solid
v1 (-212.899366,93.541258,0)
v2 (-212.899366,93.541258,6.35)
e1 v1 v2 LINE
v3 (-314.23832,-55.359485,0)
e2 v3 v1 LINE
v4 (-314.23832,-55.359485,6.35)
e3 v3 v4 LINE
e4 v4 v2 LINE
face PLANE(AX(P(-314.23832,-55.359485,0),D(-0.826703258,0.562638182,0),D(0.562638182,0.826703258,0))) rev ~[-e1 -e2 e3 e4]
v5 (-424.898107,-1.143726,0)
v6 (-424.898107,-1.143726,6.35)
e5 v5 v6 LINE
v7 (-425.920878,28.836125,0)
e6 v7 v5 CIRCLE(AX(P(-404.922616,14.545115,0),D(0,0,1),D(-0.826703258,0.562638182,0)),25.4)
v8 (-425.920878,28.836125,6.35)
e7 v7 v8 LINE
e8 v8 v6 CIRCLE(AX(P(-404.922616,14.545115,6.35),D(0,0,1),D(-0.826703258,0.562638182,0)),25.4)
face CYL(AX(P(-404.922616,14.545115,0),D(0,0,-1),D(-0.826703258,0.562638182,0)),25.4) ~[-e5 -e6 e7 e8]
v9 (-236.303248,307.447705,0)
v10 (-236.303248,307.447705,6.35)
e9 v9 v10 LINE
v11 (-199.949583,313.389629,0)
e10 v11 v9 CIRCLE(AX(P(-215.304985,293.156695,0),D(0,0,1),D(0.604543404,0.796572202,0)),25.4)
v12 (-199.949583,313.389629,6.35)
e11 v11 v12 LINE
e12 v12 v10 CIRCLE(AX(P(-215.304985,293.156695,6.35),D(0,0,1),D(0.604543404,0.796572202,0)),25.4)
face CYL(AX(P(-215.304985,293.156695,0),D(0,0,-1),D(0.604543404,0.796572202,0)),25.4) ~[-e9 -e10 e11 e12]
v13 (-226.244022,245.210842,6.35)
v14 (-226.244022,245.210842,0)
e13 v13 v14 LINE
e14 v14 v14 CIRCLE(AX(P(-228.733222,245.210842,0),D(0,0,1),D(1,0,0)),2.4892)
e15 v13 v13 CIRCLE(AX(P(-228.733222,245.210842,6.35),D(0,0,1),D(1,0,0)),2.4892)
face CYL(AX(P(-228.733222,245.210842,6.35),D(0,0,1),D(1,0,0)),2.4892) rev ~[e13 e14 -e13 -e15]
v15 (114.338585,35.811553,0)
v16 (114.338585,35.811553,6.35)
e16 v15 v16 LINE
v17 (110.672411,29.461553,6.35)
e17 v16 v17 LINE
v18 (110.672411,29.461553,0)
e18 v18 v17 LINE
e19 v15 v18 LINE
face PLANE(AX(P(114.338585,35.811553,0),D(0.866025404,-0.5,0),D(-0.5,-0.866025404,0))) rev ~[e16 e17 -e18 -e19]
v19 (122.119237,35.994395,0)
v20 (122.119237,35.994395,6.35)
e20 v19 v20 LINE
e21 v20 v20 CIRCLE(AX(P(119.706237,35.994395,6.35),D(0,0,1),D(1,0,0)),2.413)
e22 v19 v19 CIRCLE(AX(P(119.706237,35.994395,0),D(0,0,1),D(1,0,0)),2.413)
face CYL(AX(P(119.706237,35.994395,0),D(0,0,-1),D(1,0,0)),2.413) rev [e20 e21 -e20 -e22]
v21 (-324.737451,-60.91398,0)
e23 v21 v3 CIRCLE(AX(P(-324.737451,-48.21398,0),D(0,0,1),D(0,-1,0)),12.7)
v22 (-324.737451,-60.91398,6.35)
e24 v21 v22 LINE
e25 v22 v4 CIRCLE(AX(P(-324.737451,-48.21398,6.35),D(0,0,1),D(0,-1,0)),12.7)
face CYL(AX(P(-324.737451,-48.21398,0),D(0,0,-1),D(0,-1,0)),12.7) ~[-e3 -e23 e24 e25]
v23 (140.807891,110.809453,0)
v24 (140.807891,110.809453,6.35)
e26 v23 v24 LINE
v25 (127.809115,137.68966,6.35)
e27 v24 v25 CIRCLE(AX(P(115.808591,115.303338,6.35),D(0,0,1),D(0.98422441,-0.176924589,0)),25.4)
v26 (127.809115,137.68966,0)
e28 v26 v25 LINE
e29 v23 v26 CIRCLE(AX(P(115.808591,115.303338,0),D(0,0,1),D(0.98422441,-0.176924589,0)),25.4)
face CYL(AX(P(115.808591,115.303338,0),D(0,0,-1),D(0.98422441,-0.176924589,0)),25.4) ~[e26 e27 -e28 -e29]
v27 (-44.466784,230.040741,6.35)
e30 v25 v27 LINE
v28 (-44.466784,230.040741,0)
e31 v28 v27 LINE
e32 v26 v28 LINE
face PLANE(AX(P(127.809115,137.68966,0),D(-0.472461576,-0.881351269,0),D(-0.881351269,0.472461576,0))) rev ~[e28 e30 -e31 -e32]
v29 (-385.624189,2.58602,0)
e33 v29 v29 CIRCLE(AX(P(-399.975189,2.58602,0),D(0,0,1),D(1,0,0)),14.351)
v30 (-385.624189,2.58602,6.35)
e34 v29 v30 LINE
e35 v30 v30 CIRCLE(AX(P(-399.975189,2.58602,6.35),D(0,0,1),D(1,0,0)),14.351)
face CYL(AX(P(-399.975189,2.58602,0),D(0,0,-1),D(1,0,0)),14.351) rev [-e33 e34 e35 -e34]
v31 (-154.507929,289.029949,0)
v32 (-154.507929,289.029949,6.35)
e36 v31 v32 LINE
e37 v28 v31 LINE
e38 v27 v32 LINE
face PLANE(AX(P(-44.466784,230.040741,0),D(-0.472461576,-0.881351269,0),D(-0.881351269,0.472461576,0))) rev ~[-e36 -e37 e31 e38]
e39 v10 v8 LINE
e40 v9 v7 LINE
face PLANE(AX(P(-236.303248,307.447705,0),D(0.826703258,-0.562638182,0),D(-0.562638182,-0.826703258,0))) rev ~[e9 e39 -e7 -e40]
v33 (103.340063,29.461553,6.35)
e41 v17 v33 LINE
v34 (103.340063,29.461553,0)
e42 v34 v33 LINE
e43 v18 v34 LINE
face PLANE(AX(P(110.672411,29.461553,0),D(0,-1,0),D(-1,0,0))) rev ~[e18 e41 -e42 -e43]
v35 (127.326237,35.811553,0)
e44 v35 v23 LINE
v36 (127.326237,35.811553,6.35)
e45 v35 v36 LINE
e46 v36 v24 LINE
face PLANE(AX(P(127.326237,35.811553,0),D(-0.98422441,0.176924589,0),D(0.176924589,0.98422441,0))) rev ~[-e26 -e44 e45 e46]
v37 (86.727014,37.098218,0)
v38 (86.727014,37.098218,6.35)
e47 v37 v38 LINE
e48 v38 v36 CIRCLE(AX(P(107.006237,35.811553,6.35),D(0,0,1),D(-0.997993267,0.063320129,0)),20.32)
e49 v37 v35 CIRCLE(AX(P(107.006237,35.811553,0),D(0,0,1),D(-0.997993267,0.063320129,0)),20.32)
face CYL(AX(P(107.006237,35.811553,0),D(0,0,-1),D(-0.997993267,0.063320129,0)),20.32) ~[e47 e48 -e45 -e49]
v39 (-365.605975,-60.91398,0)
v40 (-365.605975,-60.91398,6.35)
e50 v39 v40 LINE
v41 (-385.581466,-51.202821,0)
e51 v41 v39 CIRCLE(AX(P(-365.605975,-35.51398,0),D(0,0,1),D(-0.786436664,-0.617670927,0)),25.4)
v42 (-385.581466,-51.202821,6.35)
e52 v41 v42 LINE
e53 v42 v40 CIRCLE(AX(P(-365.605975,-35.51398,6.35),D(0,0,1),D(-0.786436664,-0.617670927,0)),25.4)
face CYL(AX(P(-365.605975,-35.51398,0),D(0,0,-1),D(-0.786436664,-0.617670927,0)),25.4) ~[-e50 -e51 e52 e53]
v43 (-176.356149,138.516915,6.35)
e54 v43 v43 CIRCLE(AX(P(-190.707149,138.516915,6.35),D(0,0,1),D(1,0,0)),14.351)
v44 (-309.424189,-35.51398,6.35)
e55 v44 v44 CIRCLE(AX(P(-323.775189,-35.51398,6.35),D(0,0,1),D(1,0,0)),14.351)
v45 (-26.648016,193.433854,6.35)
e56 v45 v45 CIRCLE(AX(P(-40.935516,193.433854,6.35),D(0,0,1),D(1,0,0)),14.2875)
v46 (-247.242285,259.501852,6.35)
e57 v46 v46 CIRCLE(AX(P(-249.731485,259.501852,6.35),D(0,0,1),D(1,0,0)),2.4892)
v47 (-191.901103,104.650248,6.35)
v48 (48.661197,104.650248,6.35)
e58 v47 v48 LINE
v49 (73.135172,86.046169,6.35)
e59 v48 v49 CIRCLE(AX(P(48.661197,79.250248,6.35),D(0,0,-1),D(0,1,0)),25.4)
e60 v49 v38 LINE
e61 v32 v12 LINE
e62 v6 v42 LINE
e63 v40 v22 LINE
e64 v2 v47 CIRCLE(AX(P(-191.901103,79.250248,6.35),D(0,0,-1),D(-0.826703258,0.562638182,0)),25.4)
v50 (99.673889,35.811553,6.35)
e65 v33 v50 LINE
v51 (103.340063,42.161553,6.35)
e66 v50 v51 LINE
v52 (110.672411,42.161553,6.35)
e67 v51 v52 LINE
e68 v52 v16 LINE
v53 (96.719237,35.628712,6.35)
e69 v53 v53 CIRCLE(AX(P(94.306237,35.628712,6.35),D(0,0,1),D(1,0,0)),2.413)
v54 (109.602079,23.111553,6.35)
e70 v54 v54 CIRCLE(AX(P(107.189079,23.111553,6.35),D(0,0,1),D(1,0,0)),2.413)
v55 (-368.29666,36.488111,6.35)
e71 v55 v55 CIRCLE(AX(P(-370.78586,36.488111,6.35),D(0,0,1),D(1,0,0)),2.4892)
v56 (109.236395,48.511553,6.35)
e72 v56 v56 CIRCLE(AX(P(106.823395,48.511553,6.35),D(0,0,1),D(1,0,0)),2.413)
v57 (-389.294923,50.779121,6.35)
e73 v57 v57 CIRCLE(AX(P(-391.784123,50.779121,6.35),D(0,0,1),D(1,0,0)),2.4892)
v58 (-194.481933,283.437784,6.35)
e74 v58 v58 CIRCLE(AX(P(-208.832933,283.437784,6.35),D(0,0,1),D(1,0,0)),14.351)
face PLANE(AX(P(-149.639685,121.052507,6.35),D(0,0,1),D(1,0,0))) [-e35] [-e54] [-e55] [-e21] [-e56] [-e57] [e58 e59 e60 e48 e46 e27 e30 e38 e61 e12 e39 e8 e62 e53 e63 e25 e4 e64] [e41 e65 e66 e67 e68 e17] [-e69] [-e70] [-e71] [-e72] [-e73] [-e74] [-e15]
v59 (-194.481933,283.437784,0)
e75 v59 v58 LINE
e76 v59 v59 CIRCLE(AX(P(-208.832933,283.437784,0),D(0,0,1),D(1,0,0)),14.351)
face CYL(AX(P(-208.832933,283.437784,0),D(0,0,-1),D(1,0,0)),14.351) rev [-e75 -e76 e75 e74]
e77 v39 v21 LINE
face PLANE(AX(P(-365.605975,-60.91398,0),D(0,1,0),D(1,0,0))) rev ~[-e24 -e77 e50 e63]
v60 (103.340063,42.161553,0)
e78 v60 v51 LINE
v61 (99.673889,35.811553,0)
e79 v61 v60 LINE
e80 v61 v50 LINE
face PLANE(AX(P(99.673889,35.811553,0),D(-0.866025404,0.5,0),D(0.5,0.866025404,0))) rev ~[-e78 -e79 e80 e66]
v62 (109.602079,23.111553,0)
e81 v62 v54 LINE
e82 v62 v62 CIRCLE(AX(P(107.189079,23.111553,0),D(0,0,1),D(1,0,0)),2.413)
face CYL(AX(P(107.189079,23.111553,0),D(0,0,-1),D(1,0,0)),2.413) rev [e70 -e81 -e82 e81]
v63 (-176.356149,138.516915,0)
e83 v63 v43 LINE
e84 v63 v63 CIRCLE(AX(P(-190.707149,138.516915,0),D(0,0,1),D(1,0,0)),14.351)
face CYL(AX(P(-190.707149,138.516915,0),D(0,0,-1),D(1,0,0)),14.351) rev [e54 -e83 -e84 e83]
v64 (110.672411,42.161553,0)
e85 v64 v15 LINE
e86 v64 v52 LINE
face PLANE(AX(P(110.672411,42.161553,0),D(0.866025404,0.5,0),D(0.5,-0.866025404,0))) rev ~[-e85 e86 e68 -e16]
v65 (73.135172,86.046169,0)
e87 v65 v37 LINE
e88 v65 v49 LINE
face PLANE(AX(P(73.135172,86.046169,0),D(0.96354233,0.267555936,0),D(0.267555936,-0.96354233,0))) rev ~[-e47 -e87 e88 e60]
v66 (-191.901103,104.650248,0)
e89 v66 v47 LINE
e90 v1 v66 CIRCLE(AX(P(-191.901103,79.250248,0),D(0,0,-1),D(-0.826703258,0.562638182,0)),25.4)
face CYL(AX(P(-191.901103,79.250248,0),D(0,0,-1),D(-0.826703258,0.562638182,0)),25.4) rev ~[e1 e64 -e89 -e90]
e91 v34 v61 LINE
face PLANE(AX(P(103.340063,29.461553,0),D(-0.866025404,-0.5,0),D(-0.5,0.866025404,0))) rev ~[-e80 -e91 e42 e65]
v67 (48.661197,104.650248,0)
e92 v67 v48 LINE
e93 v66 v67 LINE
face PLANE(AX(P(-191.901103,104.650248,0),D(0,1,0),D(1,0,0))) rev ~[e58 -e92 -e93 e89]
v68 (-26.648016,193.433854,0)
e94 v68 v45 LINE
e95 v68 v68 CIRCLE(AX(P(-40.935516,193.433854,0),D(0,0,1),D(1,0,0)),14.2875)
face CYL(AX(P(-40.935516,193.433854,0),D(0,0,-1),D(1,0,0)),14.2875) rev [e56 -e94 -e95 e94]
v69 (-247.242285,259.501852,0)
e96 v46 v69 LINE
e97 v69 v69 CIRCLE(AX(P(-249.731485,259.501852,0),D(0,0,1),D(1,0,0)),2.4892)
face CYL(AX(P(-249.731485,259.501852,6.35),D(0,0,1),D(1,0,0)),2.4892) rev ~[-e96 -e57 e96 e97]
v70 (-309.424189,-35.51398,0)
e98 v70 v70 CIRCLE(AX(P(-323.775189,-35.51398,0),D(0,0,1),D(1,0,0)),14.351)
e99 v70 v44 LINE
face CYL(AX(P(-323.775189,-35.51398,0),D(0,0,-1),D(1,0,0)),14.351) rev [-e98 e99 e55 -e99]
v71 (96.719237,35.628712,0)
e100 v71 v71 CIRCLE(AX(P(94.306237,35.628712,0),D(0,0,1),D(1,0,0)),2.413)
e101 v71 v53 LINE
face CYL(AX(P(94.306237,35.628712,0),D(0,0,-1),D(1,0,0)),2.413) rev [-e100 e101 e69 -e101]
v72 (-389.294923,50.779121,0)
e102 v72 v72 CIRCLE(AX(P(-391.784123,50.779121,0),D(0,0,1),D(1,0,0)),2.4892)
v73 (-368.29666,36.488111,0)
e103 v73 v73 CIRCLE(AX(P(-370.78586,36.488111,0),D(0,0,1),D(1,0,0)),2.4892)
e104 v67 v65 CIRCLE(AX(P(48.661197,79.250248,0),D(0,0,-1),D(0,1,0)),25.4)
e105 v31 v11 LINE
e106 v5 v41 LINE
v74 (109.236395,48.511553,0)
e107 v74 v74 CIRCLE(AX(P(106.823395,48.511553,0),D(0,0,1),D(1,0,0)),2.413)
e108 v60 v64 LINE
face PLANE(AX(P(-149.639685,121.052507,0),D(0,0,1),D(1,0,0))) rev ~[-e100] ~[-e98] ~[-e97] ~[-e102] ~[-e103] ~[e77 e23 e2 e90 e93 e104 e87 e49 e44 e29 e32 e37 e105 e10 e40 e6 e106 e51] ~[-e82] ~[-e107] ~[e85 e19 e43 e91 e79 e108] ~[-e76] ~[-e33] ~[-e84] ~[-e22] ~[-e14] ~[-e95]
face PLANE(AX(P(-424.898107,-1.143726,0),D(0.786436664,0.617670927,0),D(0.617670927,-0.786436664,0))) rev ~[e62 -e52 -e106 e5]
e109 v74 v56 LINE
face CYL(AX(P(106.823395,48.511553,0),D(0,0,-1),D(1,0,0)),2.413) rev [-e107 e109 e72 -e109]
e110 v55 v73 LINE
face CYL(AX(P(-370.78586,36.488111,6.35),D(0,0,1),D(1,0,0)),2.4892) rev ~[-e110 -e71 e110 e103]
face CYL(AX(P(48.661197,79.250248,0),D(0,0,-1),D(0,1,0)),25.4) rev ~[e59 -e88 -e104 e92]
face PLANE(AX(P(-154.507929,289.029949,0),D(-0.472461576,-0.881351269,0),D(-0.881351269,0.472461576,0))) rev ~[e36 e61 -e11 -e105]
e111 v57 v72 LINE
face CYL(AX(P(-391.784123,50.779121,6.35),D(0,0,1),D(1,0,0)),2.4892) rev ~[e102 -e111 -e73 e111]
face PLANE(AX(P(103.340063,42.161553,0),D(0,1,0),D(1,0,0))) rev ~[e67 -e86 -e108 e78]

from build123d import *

# Parameters (mm, degrees)
MODEL_R             = 14.351
MODEL_R_2           = 2.413
MODEL_R_3           = 14.2875
BOSS_EXTRUDE1_DEPTH = 6.35
CUT_EXTRUDE1_REACH  = 8.35
SKETCH35_R          = 2.4892


with BuildPart() as part:
    # Model → Boss-Extrude1 (new body)
    with BuildSketch(Plane.XY):
        with BuildLine():
            ThreePointArc((-212.899365952, 93.541257838), (-203.778989185, 101.701881024), (-191.901103209, 104.650248016))
            Line((-191.901103209, 104.650248016), (48.661197018, 104.650248016))
            ThreePointArc((48.661197018, 104.650248016), (64.032332507, 99.471232012), (73.135172194, 86.046168785))
            Line((73.135172194, 86.046168785), (86.727013732, 37.098218434))
            ThreePointArc((86.727013732, 37.098218434), (106.36258142, 15.501750179), (127.326236921, 35.811553418))
            Line((127.326236921, 35.811553418), (140.807890588, 110.809453484))
            ThreePointArc((140.807890588, 110.809453484), (138.675228362, 126.361225539), (127.809114585, 137.689660276))
            Line((127.809114585, 137.689660276), (-44.466784077, 230.040741354))
            Line((-44.466784077, 230.040741354), (-154.507929168, 289.02994873))
            Line((-154.507929168, 289.02994873), (-199.949582693, 313.389629113))
            ThreePointArc((-199.949582693, 313.389629113), (-219.402189514, 318.224062751), (-236.303247901, 307.447705012))
            Line((-236.303247901, 307.447705012), (-425.920878295, 28.83612519))
            ThreePointArc((-425.920878295, 28.83612519), (-430.307847502, 13.679090678), (-424.898106806, -1.143726181))
            Line((-424.898106806, -1.143726181), (-385.58146606, -51.20282143))
            ThreePointArc((-385.58146606, -51.20282143), (-376.71145599, -58.357541068), (-365.605974805, -60.913979882))
            Line((-365.605974805, -60.913979882), (-324.737451002, -60.913979882))
            ThreePointArc((-324.737451002, -60.913979882), (-318.798508014, -59.439796386), (-314.23831963, -55.359484793))
            Line((-314.23831963, -55.359484793), (-212.899365952, 93.541257838))
        make_face()
        with Locations((-323.775189267, -35.513979882)):
            Circle(MODEL_R, mode=Mode.SUBTRACT)
        with Locations((-399.975189267, 2.586020118)):
            Circle(MODEL_R, mode=Mode.SUBTRACT)
        with Locations((107.189078625, 23.111553418)):
            Circle(MODEL_R_2, mode=Mode.SUBTRACT)
        with Locations((94.306236921, 35.628711714)):
            Circle(MODEL_R_2, mode=Mode.SUBTRACT)
        Polygon((110.67241113, 42.161553418), (114.338585339, 35.811553418), (110.67241113, 29.461553418), (103.340062711, 29.461553418), (99.673888502, 35.811553418), (103.340062711, 42.161553418), (106.823395217, 42.161553418), align=None, mode=Mode.SUBTRACT)
        with Locations((119.706236921, 35.994395122)):
            Circle(MODEL_R_2, mode=Mode.SUBTRACT)
        with Locations((106.823395217, 48.511553418)):
            Circle(MODEL_R_2, mode=Mode.SUBTRACT)
        with Locations((-190.707148919, 138.516914683)):
            Circle(MODEL_R, mode=Mode.SUBTRACT)
        with Locations((-208.832932893, 283.437784316)):
            Circle(MODEL_R, mode=Mode.SUBTRACT)
        with Locations((-40.935516122, 193.433854171)):
            Circle(MODEL_R_3, mode=Mode.SUBTRACT)
    extrude(amount=BOSS_EXTRUDE1_DEPTH)

    # Sketch35 → Cut-Extrude1 (cut, up to next)
    with BuildSketch(Plane.XY.offset(6.35), mode=Mode.PRIVATE) as cut_extrude1_sk1:
        with Locations((-391.784122689, 50.779120634)):
            Circle(SKETCH35_R)
    cut_extrude1_tool1 = extrude(cut_extrude1_sk1.sketch, amount=-CUT_EXTRUDE1_REACH, mode=Mode.PRIVATE) & part.part
    add(cut_extrude1_tool1.solids().sort_by_distance((-391.784123, 50.779121, 6.35))[0], mode=Mode.SUBTRACT)
    # Sketch35 → Cut-Extrude1 (cut, up to next)
    with BuildSketch(Plane.XY.offset(6.35), mode=Mode.PRIVATE) as cut_extrude1_sk2:
        with Locations((-249.731485055, 259.501852308)):
            Circle(SKETCH35_R)
    cut_extrude1_tool2 = extrude(cut_extrude1_sk2.sketch, amount=-CUT_EXTRUDE1_REACH, mode=Mode.PRIVATE) & part.part
    add(cut_extrude1_tool2.solids().sort_by_distance((-249.731485, 259.501852, 6.35))[0], mode=Mode.SUBTRACT)
    # Sketch35 → Cut-Extrude1 (cut, up to next)
    with BuildSketch(Plane.XY.offset(6.35), mode=Mode.PRIVATE) as cut_extrude1_sk3:
        with Locations((-228.733222311, 245.210842485)):
            Circle(SKETCH35_R)
    cut_extrude1_tool3 = extrude(cut_extrude1_sk3.sketch, amount=-CUT_EXTRUDE1_REACH, mode=Mode.PRIVATE) & part.part
    add(cut_extrude1_tool3.solids().sort_by_distance((-228.733222, 245.210842, 6.35))[0], mode=Mode.SUBTRACT)
    # Sketch35 → Cut-Extrude1 (cut, up to next)
    with BuildSketch(Plane.XY.offset(6.35), mode=Mode.PRIVATE) as cut_extrude1_sk4:
        with Locations((-370.785859945, 36.488110812)):
            Circle(SKETCH35_R)
    cut_extrude1_tool4 = extrude(cut_extrude1_sk4.sketch, amount=-CUT_EXTRUDE1_REACH, mode=Mode.PRIVATE) & part.part
    add(cut_extrude1_tool4.solids().sort_by_distance((-370.78586, 36.488111, 6.35))[0], mode=Mode.SUBTRACT)


solid = part.part
